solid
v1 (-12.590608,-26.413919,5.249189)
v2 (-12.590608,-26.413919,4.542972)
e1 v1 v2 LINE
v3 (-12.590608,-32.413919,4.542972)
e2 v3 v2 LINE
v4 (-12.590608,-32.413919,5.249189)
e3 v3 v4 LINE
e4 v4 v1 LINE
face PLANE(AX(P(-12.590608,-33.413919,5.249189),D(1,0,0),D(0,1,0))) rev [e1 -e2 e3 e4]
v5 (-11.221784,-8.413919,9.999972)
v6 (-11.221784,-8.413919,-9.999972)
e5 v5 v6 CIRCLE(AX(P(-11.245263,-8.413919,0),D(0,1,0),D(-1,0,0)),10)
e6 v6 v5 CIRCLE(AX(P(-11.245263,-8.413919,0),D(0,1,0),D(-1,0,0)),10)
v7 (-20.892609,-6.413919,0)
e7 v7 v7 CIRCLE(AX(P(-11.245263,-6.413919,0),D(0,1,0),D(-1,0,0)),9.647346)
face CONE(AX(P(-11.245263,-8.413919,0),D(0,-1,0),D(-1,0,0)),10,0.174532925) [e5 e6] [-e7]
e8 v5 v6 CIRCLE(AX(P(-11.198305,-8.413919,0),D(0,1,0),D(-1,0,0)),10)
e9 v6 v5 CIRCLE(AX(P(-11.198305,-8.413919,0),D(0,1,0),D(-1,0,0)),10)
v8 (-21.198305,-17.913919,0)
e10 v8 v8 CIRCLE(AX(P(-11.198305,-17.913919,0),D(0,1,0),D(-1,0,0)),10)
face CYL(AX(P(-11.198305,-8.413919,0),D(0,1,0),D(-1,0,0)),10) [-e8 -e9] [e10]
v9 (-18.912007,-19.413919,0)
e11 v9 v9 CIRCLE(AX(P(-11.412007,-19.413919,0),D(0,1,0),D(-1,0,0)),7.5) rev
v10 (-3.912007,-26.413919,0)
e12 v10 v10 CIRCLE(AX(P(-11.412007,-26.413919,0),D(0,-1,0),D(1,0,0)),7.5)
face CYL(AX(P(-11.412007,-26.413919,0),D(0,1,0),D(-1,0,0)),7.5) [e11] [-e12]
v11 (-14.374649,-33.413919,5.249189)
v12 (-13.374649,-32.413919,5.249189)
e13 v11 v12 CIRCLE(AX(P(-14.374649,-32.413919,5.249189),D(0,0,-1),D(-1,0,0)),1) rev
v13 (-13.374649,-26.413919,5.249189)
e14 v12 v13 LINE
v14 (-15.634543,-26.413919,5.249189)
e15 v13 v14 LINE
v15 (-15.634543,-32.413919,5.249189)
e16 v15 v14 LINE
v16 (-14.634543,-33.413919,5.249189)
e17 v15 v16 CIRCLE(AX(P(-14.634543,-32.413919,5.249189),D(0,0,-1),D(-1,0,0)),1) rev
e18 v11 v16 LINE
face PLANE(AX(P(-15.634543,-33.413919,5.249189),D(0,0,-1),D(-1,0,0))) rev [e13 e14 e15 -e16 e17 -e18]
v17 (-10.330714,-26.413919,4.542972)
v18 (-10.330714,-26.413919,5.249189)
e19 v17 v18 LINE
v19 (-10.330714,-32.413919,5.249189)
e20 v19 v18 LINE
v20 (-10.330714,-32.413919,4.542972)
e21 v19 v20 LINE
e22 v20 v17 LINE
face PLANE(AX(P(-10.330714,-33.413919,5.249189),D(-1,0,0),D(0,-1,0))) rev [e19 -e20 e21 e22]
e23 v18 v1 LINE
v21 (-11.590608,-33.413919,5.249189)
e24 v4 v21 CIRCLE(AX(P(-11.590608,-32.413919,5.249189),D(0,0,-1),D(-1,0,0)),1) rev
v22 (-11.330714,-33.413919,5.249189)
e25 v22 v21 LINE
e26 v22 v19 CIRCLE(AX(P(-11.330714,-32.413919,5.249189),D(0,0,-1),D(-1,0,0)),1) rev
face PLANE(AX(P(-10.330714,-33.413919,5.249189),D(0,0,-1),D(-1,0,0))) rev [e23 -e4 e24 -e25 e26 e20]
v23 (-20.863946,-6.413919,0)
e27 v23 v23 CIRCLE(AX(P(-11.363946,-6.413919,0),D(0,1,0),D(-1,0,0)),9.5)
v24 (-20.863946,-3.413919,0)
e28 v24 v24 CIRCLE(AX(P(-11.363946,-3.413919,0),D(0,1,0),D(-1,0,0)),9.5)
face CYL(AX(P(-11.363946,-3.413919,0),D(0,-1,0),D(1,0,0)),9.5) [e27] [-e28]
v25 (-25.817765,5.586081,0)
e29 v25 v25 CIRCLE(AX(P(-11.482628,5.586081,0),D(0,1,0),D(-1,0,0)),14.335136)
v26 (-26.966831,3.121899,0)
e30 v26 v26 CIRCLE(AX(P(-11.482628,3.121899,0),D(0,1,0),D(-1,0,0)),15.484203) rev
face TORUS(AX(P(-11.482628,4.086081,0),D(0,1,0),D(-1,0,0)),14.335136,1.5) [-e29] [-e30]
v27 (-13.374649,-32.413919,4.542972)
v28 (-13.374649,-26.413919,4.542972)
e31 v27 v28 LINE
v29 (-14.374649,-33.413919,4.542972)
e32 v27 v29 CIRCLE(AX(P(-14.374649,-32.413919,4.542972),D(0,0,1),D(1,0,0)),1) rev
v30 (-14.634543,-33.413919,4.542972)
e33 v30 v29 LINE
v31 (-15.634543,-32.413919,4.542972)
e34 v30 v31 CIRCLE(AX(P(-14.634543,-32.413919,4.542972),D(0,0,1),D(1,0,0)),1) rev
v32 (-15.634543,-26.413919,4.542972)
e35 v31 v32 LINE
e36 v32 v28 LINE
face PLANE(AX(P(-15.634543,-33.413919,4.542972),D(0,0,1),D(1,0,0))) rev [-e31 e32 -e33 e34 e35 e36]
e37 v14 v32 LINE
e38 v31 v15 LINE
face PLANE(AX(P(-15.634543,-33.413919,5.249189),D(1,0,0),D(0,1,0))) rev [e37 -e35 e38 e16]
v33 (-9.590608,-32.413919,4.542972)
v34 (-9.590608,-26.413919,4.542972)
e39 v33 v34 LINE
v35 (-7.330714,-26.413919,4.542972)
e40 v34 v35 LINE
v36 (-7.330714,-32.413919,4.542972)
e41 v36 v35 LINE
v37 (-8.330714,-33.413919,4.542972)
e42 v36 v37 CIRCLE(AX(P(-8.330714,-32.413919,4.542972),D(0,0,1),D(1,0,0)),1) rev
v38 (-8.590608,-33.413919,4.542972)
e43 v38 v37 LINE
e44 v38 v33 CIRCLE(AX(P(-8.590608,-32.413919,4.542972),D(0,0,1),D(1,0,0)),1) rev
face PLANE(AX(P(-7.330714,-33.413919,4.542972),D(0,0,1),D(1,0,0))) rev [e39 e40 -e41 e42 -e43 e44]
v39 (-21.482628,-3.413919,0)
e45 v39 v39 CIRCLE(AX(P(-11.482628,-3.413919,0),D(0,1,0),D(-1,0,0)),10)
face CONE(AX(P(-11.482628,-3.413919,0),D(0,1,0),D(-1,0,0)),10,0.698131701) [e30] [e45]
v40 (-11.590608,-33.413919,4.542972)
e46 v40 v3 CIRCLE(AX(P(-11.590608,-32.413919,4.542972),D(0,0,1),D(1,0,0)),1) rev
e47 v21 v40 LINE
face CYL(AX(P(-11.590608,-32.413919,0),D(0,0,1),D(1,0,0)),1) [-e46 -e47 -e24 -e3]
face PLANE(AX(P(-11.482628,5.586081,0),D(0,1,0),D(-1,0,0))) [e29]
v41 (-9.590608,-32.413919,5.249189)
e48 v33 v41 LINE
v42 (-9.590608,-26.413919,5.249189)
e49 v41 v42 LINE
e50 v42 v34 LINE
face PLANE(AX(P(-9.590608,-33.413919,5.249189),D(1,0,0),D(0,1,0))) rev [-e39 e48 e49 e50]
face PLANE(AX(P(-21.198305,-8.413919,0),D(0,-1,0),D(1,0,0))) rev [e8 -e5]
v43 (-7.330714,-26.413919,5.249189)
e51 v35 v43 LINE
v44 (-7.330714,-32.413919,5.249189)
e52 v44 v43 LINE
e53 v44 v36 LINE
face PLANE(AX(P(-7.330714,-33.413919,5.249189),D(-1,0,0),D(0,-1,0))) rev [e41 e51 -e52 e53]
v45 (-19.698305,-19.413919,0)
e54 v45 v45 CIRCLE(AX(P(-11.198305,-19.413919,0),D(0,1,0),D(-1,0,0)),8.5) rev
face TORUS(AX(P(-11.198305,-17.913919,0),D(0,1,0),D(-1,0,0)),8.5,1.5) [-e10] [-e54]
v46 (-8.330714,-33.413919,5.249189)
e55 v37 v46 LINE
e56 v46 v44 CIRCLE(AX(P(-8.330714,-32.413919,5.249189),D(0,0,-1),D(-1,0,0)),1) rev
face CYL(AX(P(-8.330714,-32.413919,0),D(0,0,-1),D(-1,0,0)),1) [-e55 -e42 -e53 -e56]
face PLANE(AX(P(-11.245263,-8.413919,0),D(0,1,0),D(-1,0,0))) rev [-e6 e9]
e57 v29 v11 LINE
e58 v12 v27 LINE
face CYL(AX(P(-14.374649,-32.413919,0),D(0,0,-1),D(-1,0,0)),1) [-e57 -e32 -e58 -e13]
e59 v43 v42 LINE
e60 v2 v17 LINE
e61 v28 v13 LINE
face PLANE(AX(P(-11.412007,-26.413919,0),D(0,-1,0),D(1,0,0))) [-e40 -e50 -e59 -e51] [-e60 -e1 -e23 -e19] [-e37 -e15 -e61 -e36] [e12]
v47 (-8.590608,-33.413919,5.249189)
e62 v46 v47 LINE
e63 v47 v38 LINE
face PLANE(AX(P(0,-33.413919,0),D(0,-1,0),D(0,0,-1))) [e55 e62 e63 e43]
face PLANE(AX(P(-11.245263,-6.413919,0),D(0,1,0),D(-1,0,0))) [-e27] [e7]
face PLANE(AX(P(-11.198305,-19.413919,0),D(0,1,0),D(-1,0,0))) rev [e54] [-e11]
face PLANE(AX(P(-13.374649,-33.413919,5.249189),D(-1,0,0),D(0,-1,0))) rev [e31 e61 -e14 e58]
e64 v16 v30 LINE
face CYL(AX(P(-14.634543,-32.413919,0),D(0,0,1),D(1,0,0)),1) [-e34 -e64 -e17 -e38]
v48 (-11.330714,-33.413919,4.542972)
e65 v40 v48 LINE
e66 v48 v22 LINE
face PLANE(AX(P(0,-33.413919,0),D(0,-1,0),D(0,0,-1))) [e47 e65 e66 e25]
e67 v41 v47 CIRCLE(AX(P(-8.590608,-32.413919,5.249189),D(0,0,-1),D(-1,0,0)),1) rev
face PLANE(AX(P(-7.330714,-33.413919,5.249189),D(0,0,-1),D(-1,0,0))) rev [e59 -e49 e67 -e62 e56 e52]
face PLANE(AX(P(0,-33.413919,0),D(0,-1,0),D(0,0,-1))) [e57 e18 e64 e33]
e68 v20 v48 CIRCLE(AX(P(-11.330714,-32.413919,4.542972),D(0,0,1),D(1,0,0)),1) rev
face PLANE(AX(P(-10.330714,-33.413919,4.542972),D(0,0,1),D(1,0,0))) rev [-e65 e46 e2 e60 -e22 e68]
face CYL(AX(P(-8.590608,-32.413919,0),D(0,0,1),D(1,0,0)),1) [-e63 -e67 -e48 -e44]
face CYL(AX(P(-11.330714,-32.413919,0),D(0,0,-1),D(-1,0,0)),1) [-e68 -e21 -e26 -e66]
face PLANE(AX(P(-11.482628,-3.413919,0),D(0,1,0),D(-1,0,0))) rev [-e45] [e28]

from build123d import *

# Parameters (mm, degrees)
ESQUISSE1_W        = 10
ESQUISSE1_H        = 11
ESQUISSE4_R        = 10
BOSS_EXTRU_1_DEPTH = 2
BOSS_EXTRU_1_TAPER = 10
ESQUISSE5_R        = 9.5
BOSS_EXTRU_2_DEPTH = 3
ESQUISSE6_R        = 10
BOSS_EXTRU_3_DEPTH = 9
BOSS_EXTRU_3_DRAFT = -40
CONG_2_R           = 1.5
ESQUISSE7_R        = 7.5
BOSS_EXTRU_4_DEPTH = 7
ESQUISSE8_W        = 2.259893414
ESQUISSE8_H        = 0.706216692
BOSS_EXTRU_5_DEPTH = 7
CONG_3_R           = 1


with BuildPart() as part:
    # Esquisse1 → Révol.-Mince1 (revolve)
    with BuildSketch(Plane(origin=(-11.198304594, 0, 0), x_dir=(1, 0, 0), z_dir=(0, 0, 1)), mode=Mode.PRIVATE) as r_vol_mince1_sk:
        with Locations((5, -13.913919414)):
            Rectangle(ESQUISSE1_W, ESQUISSE1_H)
    revolve(r_vol_mince1_sk.sketch.rotate(Axis((-11.198304594, -8.413919414, 0), (0, -1, 0)), 180), axis=Axis((-11.198304594, -8.413919414, 0), (0, -1, 0)))

    # Esquisse4 → Boss.-Extru.1 (add)
    with BuildSketch(Plane(origin=(0, -8.413919414, 0), x_dir=(1, 0, 0), z_dir=(0, 1, 0))):
        with Locations((-11.245263052, 0)):
            Circle(ESQUISSE4_R)
    extrude(amount=BOSS_EXTRU_1_DEPTH, taper=BOSS_EXTRU_1_TAPER)

    # Esquisse5 → Boss.-Extru.2 (add)
    with BuildSketch(Plane(origin=(0, -6.413919414, 0), x_dir=(1, 0, 0), z_dir=(0, 1, 0))):
        with Locations(Location((-11.36394571, 0, 0), (0, 0, 180))):
            Circle(ESQUISSE5_R)
    extrude(amount=BOSS_EXTRU_2_DEPTH)


with BuildPart() as boss_extru_3_tool:
    # Esquisse6 → Boss.-Extru.3 (with draft: the straight prism first)
    with BuildSketch(Plane(origin=(0, -3.413919414, 0), x_dir=(1, 0, 0), z_dir=(0, 1, 0))):
        with Locations((-11.482628368, 0)):
            Circle(ESQUISSE6_R)
    extrude(amount=BOSS_EXTRU_3_DEPTH)
    # Boss.-Extru.3: the draft: its side faces are tilted about the plane it starts from
    boss_extru_3_sides = [boss_extru_3_tool.faces().sort_by_distance(p)[0] for p in [
        (-21.482628368, 1.086080586, 0),
    ]]
    draft(boss_extru_3_sides, Plane(origin=(0, -3.413919414, 0), x_dir=(1, 0, 0), z_dir=(0, 1, 0)), BOSS_EXTRU_3_DRAFT)


with BuildPart() as part_1:
    add(part.part)

    # Boss.-Extru.3: add boss_extru_3_tool
    add(boss_extru_3_tool.part)

    # Congé2
    cong_2_edges = [part_1.edges().sort_by_distance(p)[0] for p in [
        (-29.034525049, 5.586080586, 0),
        (-1.198304594, -19.413919414, 0),
    ]]
    fillet(cong_2_edges, radius=CONG_2_R)

    # Esquisse7 → Boss.-Extru.4 (add)
    with BuildSketch(Plane(origin=(0, -19.413919414, 0), x_dir=(-1, 0, 0), z_dir=(0, -1, 0))):
        with Locations((11.412006699, 0)):
            Circle(ESQUISSE7_R)
    extrude(amount=BOSS_EXTRU_4_DEPTH)

    # Esquisse8 → Boss.-Extru.5 (add)
    with BuildSketch(Plane(origin=(0, -26.413919414, 0), x_dir=(-1, 0, 0), z_dir=(0, -1, 0))):
        with Locations((14.504595834, -4.896080188)):
            Rectangle(ESQUISSE8_W, ESQUISSE8_H)
        with Locations((8.460660903, -4.896080188)):
            Rectangle(ESQUISSE8_W, ESQUISSE8_H)
        with Locations((11.460660903, -4.896080188)):
            Rectangle(ESQUISSE8_W, ESQUISSE8_H)
    extrude(amount=BOSS_EXTRU_5_DEPTH)

    # Congé3
    cong_3_edges = [part_1.edges().sort_by_distance(p)[0] for p in [
        (-15.634542541, -33.413919414, 4.896080188),
        (-13.374649127, -33.413919414, 4.896080188),
        (-9.59060761, -33.413919414, 4.896080188),
        (-7.330714196, -33.413919414, 4.896080188),
        (-12.59060761, -33.413919414, 4.896080188),
        (-10.330714196, -33.413919414, 4.896080188),
    ]]
    fillet(cong_3_edges, radius=CONG_3_R)


solid = part_1.part
